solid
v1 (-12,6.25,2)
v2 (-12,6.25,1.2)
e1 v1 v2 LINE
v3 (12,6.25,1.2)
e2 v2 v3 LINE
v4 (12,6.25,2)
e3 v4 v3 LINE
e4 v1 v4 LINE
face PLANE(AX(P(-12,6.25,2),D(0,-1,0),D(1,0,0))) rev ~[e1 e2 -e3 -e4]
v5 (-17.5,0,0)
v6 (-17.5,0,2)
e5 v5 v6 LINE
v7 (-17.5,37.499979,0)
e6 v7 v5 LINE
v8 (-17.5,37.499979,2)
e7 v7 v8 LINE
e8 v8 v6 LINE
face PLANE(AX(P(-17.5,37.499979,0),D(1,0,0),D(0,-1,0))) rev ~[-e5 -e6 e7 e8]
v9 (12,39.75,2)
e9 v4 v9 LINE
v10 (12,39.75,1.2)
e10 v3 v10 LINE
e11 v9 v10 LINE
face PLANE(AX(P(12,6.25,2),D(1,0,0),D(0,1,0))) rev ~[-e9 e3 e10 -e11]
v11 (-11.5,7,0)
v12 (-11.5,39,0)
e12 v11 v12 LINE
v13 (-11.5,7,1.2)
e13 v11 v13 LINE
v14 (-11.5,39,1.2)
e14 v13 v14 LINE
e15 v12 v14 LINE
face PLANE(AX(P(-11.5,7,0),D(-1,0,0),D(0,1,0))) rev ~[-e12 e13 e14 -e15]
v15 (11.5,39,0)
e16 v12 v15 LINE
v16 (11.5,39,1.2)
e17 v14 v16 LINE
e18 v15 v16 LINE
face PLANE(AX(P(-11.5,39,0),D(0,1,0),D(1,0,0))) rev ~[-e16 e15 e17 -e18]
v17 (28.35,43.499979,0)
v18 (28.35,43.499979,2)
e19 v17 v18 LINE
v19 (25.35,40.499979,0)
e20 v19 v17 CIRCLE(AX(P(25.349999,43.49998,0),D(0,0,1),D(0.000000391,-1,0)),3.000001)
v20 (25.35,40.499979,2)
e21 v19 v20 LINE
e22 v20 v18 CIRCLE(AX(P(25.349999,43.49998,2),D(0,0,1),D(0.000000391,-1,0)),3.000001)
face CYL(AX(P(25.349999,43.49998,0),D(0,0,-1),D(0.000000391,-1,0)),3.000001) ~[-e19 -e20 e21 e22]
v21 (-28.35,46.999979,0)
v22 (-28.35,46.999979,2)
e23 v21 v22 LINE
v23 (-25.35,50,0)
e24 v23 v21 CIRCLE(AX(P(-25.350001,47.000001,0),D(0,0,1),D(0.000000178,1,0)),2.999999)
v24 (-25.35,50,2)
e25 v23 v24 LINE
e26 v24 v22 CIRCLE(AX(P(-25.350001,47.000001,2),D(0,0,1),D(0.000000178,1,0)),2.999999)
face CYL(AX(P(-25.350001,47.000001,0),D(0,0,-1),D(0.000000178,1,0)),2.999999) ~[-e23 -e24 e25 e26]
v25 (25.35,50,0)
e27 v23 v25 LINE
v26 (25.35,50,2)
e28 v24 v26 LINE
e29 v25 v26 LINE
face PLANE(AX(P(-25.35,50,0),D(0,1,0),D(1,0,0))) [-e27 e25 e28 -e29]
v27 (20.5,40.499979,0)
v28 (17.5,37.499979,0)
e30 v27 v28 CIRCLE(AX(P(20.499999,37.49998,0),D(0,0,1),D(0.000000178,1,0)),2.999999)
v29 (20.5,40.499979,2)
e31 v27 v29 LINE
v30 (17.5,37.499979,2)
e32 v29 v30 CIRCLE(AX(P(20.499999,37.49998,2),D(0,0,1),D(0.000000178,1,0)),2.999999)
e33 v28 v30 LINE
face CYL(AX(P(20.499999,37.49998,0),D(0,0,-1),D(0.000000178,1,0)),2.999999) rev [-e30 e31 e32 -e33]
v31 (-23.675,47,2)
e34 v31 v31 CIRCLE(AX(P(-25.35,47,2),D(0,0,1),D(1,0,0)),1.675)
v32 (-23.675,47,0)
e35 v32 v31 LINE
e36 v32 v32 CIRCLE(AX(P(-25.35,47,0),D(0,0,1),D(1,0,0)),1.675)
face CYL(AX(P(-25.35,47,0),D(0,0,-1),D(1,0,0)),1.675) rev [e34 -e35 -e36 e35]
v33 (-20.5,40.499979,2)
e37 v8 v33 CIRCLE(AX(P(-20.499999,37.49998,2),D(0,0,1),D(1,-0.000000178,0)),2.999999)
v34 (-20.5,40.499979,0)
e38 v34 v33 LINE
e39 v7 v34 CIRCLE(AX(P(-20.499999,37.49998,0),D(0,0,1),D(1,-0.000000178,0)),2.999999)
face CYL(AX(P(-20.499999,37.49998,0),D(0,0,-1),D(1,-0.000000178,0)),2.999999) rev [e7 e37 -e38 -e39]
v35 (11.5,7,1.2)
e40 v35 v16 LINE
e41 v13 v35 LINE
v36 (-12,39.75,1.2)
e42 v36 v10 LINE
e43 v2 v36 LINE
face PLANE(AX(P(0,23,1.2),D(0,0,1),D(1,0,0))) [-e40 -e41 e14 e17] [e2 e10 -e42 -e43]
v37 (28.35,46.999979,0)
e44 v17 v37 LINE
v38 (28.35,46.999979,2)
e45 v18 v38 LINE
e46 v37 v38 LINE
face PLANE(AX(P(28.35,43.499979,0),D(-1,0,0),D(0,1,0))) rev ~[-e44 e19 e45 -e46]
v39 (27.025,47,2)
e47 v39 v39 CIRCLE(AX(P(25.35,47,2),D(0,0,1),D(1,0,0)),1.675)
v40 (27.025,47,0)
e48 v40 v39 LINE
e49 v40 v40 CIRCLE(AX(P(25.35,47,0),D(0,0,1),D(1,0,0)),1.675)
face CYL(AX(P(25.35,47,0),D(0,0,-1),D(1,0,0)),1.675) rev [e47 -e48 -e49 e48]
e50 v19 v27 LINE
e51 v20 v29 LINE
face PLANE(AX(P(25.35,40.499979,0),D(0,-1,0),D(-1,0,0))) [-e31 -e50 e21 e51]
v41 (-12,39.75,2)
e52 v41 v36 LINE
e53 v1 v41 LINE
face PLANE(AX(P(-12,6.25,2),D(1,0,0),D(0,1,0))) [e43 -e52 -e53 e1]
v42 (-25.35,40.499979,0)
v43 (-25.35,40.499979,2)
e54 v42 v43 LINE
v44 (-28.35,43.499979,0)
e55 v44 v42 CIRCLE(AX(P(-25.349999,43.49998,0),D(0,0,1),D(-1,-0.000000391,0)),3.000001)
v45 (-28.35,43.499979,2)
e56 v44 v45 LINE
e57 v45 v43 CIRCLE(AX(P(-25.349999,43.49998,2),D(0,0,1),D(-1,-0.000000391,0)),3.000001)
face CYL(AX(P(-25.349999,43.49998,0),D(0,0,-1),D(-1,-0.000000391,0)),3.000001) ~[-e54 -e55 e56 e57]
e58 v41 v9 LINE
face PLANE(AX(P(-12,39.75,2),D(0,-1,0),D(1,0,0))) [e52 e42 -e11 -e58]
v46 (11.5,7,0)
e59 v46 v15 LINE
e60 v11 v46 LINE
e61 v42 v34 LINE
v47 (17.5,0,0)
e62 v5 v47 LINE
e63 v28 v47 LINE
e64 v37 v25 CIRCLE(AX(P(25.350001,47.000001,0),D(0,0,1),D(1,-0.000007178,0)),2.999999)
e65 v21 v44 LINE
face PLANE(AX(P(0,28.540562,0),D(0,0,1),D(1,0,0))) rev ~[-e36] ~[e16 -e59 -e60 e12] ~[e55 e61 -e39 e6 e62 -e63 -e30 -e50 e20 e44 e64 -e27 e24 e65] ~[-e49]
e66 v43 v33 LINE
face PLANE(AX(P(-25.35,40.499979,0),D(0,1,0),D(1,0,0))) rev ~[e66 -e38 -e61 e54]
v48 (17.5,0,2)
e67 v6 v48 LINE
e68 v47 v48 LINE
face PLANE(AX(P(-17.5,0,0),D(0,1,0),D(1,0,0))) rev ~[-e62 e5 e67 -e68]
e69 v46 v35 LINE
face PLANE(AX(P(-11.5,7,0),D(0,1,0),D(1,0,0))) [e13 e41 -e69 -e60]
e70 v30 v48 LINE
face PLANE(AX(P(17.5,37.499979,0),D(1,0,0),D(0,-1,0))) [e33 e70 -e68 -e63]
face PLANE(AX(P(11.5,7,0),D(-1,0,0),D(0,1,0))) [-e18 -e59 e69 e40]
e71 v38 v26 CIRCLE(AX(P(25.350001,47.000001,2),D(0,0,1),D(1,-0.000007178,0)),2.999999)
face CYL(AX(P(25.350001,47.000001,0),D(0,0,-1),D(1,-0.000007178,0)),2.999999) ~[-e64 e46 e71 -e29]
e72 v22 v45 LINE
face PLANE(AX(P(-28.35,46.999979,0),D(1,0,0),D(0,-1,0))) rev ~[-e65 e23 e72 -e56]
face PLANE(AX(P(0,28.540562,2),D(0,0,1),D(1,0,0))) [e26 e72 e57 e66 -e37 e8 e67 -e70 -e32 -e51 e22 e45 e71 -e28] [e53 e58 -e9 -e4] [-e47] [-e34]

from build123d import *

# Parameters (mm, degrees)
SKETCH_R     = 1.675
SKETCH_W     = 23
SKETCH_H     = 32
PAD_DEPTH    = 2
SKETCH001_W  = 24
SKETCH001_H  = 33.5
POCKET_DEPTH = 0.8


with BuildPart() as part:
    # Sketch → Pad (new body)
    with BuildSketch(Plane.XY):
        with BuildLine():
            ThreePointArc((-25.35, 50), (-27.471328, 49.121313), (-28.35, 46.999979))
            Line((-28.35, 46.999979), (-28.35, 43.499979))
            ThreePointArc((-28.35, 43.499979), (-27.47132, 41.378659), (-25.35, 40.499979))
            Line((-25.35, 40.499979), (-20.5, 40.499979))
            ThreePointArc((-17.5, 37.499979), (-18.37868, 39.6213), (-20.5, 40.499979))
            Line((-17.5, 37.499979), (-17.5, 0))
            Line((-17.5, 0), (17.5, 0))
            Line((17.5, 37.499979), (17.5, 0))
            ThreePointArc((20.5, 40.499979), (18.37868, 39.6213), (17.5, 37.499979))
            Line((25.35, 40.499979), (20.5, 40.499979))
            ThreePointArc((25.35, 40.499979), (27.47132, 41.378659), (28.35, 43.499979))
            Line((28.35, 43.499979), (28.35, 46.999979))
            ThreePointArc((28.35, 46.999979), (27.471328, 49.121313), (25.35, 50))
            Line((-25.35, 50), (25.35, 50))
        make_face()
        with Locations((-25.35, 47)):
            Circle(SKETCH_R, mode=Mode.SUBTRACT)
        with Locations((25.35, 47)):
            Circle(SKETCH_R, mode=Mode.SUBTRACT)
        with Locations((0, 23)):
            Rectangle(SKETCH_W, SKETCH_H, mode=Mode.SUBTRACT)
    extrude(amount=PAD_DEPTH)

    # Sketch001 → Pocket (cut)
    with BuildSketch(Plane.XY.offset(2)):
        with Locations((0, 23)):
            Rectangle(SKETCH001_W, SKETCH001_H)
    extrude(amount=-POCKET_DEPTH, mode=Mode.SUBTRACT)


solid = part.part
